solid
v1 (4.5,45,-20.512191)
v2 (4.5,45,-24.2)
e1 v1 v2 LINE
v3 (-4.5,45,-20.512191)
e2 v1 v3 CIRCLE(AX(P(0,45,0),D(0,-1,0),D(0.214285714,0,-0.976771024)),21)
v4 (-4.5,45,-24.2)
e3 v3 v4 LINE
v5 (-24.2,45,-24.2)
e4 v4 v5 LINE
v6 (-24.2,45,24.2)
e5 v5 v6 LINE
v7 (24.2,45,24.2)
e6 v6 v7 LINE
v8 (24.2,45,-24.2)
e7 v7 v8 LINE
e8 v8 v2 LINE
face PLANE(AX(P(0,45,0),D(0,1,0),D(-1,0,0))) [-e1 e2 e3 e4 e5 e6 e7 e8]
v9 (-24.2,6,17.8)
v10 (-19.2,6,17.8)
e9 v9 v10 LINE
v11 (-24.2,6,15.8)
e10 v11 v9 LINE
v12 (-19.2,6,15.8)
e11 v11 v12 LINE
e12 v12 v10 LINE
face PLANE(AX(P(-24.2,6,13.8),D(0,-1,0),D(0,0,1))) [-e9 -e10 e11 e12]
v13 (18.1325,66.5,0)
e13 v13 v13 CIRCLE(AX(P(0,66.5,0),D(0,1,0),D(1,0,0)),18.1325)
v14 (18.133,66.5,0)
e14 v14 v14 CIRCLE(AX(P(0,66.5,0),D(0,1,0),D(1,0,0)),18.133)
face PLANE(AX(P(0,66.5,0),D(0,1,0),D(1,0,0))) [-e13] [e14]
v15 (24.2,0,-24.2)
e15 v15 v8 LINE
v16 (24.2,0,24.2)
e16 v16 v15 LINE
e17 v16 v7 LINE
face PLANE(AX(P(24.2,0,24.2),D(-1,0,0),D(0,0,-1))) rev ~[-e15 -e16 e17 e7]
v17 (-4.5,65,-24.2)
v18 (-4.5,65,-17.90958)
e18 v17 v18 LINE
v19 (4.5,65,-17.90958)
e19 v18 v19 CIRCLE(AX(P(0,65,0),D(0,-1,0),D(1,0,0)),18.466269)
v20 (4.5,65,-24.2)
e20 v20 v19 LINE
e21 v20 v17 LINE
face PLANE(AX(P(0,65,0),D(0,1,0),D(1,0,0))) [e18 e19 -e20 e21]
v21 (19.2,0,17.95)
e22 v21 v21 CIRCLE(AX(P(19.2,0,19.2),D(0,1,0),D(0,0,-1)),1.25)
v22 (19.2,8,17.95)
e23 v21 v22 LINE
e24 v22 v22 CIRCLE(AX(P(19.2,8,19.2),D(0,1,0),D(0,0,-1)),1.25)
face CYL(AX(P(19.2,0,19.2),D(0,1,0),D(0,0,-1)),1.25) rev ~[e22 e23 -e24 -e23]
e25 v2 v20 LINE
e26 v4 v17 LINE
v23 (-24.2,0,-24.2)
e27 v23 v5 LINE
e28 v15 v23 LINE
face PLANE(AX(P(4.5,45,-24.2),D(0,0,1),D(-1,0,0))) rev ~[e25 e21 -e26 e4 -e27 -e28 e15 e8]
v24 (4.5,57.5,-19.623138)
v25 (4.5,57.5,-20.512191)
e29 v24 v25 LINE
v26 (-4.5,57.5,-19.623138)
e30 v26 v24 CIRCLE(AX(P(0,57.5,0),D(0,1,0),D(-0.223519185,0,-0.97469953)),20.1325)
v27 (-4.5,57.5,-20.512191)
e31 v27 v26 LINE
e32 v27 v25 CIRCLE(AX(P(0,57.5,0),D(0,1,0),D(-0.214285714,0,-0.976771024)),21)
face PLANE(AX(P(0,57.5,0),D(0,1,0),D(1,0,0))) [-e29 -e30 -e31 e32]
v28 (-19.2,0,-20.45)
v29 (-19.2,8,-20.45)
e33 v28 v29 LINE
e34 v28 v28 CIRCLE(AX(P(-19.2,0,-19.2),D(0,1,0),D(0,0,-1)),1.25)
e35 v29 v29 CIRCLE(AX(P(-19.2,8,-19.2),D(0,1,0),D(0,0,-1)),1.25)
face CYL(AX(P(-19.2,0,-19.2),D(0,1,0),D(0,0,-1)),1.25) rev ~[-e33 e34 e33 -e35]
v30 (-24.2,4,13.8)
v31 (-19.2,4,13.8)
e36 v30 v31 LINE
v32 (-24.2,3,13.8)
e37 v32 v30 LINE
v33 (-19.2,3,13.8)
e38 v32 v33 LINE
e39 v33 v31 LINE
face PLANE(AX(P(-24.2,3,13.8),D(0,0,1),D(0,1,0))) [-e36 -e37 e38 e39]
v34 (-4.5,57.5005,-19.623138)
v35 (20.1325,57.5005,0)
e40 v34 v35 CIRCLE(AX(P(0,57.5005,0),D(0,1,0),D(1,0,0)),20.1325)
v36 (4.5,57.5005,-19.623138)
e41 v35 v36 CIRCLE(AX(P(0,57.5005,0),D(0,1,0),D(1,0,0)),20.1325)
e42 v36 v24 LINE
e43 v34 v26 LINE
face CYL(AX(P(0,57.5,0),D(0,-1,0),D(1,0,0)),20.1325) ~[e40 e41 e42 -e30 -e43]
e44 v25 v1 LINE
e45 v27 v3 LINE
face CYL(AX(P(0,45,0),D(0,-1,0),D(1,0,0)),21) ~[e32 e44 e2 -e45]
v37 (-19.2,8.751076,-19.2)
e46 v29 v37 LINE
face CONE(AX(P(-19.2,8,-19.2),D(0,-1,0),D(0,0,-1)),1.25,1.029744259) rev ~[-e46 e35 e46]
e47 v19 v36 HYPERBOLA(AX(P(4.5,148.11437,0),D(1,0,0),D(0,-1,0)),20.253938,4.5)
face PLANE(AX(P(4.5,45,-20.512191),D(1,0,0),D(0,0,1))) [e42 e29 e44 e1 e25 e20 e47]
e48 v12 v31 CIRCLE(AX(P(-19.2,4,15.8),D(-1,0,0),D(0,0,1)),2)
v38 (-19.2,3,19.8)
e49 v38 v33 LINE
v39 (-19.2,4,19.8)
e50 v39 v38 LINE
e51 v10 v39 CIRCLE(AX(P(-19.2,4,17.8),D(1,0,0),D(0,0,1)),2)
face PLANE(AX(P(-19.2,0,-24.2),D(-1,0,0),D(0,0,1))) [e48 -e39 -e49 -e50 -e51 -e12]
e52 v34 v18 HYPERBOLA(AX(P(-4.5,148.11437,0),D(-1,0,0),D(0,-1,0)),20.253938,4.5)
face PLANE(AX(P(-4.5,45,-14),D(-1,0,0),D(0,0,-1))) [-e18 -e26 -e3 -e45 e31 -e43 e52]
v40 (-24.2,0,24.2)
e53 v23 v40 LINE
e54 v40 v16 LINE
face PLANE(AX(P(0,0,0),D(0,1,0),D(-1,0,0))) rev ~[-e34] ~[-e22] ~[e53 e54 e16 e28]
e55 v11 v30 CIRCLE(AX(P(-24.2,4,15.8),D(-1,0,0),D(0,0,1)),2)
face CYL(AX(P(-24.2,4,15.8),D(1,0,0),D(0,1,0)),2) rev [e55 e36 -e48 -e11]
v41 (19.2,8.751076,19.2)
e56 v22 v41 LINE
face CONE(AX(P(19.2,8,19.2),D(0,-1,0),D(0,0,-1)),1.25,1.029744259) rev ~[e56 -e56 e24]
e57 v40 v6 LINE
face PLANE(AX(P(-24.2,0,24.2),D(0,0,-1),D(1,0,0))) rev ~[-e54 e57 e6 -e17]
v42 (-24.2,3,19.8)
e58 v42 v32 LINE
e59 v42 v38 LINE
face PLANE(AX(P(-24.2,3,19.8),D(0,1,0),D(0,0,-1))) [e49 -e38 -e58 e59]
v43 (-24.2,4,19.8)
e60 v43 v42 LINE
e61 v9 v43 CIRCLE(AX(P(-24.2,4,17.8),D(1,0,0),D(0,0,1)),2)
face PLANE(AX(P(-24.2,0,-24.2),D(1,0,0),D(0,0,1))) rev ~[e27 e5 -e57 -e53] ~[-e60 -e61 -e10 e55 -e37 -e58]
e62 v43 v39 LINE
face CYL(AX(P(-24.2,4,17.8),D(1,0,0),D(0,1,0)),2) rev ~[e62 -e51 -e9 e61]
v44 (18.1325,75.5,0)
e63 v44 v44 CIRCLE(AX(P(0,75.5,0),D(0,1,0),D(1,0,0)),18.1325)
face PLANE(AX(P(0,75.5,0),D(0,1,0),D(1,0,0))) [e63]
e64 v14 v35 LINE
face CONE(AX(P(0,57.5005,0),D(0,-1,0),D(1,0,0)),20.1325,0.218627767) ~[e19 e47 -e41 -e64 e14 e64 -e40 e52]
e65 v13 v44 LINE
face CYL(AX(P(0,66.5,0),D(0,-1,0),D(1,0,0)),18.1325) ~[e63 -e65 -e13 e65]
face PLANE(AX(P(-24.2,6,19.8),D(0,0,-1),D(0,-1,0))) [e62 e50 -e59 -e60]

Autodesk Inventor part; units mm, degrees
ref_plane "YZ Plane" through (0, 0, 0) normal (1, 0, 0) x (0, 1, 0)
ref_plane "XZ Plane" through (0, 0, 0) normal (0, 1, 0) x (-1, 0, 0)
ref_plane "XY Plane" through (0, 0, 0) normal (0, 0, 1) x (1, 0, 0)
sketch "Sketch1" plane through (0, 0, 0) normal (0, 1, 0) x (-1, 0, 0)
  line L0 (-24.2, -24.2) -> (24.2, -24.2)
  line L1 (24.2, -24.2) -> (24.2, 24.2)
  line L2 (24.2, 24.2) -> (-24.2, 24.2)
  line L3 (-24.2, 24.2) -> (-24.2, -24.2)
  point P0 (0, 0)
  point P1 (0, 24.2)
  point P2 (-24.2, 0)
  dimension "d0" = 48.4
  dimension "d2" = 48.4
extrude "Extrusion1" add sketch "Sketch1" along normal blind 45
sketch "Sketch2" plane through (0, 45, 0) normal (0, 1, 0) x (1, 0, 0)
  circle A0 centre (0, 0) radius 21
  dimension "d5" = 42
extrude "Extrusion2" add sketch "Sketch2" along normal blind 12.5
sketch "Sketch3" plane through (0, 57.5, 0) normal (0, 1, 0) x (1, 0, 0)
  circle A0 centre (0, 0) radius 21 projected
  circle A1 centre (0, 0) radius 20.1325
extrude "Extrusion3" add sketch "Sketch3" along normal blind 9 contours A1
chamfer "Chamfer1" distance 2 distance2 9 1 edges at (-20.1325, 66.5, 0) measured on face at (-5.7471, 66.5, 1.5127)
sketch "Sketch4" plane through (0, 66.5, 0) normal (0, 1, 0) x (1, 0, 0)
  circle A0 centre (0, 0) radius 18.1325 projected
extrude "Extrusion4" add sketch "Sketch4" along normal blind 9
sketch "Sketch5" plane through (0, 45, 0) normal (0, 1, 0) x (1, 0, 0)
  circle A0 centre (0, 0) radius 21 projected
  line L0 (24.2, 24.2) -> (-24.2, 24.2) projected
  line L1 (-4.5, 24.2) -> (4.5, 24.2)
  line L2 (4.5, 24.2) -> (4.5, 14)
  line L3 (4.5, 14) -> (-4.5, 14)
  line L4 (-4.5, 14) -> (-4.5, 24.2)
  dimension "d16" = 9
  dimension "d18" = 4.5
extrude "Extrusion5" add sketch "Sketch5" along normal blind 20 contours L2 L3 L4 A0 | A0 L4 L0 L2 picked at (0.5035, 16.3152)
sketch "Sketch6" plane through (0, 0, 0) normal (0, -1, 0) x (1, 0, 0)
  line L0 (24.2, -24.2) -> (-24.2, -24.2) projected
  line L1 (24.2, 24.2) -> (24.2, -24.2) projected
  line L2 (-24.2, 24.2) -> (24.2, 24.2) projected
  line L3 (-24.2, -24.2) -> (-24.2, 24.2) projected
  point P0 (0, 0)
  point P1 (19.2, 19.2)
  point P2 (-19.2, -19.2)
  dimension "d21" = 5
  dimension "d22" = 5
  dimension "d23" = 5
  dimension "d24" = 5
hole "Hole1" at (19.2, 0, 19.2) at (-19.2, 0, -19.2) direction (0, 1, 0) diameter 2.5 depth 8 tip angle 118
sketch "Sketch7" plane through (-24.2, 0, -24.2) normal (-1, 0, 0) x (0, 0, 1)
  line L0 (38, 6) -> (44, 6)
  line L1 (44, 6) -> (44, 3)
  line L2 (44, 3) -> (38, 3)
  line L3 (38, 3) -> (38, 6)
  point P0 (24.2, 0)
extrude "Extrusion6" cut sketch "Sketch7" against normal blind 5
fillet "Fillet1" radius 2 2 edges at (-21.7, 6, 13.8) (-21.7, 6, 19.8)
properties part number "Lidar"
